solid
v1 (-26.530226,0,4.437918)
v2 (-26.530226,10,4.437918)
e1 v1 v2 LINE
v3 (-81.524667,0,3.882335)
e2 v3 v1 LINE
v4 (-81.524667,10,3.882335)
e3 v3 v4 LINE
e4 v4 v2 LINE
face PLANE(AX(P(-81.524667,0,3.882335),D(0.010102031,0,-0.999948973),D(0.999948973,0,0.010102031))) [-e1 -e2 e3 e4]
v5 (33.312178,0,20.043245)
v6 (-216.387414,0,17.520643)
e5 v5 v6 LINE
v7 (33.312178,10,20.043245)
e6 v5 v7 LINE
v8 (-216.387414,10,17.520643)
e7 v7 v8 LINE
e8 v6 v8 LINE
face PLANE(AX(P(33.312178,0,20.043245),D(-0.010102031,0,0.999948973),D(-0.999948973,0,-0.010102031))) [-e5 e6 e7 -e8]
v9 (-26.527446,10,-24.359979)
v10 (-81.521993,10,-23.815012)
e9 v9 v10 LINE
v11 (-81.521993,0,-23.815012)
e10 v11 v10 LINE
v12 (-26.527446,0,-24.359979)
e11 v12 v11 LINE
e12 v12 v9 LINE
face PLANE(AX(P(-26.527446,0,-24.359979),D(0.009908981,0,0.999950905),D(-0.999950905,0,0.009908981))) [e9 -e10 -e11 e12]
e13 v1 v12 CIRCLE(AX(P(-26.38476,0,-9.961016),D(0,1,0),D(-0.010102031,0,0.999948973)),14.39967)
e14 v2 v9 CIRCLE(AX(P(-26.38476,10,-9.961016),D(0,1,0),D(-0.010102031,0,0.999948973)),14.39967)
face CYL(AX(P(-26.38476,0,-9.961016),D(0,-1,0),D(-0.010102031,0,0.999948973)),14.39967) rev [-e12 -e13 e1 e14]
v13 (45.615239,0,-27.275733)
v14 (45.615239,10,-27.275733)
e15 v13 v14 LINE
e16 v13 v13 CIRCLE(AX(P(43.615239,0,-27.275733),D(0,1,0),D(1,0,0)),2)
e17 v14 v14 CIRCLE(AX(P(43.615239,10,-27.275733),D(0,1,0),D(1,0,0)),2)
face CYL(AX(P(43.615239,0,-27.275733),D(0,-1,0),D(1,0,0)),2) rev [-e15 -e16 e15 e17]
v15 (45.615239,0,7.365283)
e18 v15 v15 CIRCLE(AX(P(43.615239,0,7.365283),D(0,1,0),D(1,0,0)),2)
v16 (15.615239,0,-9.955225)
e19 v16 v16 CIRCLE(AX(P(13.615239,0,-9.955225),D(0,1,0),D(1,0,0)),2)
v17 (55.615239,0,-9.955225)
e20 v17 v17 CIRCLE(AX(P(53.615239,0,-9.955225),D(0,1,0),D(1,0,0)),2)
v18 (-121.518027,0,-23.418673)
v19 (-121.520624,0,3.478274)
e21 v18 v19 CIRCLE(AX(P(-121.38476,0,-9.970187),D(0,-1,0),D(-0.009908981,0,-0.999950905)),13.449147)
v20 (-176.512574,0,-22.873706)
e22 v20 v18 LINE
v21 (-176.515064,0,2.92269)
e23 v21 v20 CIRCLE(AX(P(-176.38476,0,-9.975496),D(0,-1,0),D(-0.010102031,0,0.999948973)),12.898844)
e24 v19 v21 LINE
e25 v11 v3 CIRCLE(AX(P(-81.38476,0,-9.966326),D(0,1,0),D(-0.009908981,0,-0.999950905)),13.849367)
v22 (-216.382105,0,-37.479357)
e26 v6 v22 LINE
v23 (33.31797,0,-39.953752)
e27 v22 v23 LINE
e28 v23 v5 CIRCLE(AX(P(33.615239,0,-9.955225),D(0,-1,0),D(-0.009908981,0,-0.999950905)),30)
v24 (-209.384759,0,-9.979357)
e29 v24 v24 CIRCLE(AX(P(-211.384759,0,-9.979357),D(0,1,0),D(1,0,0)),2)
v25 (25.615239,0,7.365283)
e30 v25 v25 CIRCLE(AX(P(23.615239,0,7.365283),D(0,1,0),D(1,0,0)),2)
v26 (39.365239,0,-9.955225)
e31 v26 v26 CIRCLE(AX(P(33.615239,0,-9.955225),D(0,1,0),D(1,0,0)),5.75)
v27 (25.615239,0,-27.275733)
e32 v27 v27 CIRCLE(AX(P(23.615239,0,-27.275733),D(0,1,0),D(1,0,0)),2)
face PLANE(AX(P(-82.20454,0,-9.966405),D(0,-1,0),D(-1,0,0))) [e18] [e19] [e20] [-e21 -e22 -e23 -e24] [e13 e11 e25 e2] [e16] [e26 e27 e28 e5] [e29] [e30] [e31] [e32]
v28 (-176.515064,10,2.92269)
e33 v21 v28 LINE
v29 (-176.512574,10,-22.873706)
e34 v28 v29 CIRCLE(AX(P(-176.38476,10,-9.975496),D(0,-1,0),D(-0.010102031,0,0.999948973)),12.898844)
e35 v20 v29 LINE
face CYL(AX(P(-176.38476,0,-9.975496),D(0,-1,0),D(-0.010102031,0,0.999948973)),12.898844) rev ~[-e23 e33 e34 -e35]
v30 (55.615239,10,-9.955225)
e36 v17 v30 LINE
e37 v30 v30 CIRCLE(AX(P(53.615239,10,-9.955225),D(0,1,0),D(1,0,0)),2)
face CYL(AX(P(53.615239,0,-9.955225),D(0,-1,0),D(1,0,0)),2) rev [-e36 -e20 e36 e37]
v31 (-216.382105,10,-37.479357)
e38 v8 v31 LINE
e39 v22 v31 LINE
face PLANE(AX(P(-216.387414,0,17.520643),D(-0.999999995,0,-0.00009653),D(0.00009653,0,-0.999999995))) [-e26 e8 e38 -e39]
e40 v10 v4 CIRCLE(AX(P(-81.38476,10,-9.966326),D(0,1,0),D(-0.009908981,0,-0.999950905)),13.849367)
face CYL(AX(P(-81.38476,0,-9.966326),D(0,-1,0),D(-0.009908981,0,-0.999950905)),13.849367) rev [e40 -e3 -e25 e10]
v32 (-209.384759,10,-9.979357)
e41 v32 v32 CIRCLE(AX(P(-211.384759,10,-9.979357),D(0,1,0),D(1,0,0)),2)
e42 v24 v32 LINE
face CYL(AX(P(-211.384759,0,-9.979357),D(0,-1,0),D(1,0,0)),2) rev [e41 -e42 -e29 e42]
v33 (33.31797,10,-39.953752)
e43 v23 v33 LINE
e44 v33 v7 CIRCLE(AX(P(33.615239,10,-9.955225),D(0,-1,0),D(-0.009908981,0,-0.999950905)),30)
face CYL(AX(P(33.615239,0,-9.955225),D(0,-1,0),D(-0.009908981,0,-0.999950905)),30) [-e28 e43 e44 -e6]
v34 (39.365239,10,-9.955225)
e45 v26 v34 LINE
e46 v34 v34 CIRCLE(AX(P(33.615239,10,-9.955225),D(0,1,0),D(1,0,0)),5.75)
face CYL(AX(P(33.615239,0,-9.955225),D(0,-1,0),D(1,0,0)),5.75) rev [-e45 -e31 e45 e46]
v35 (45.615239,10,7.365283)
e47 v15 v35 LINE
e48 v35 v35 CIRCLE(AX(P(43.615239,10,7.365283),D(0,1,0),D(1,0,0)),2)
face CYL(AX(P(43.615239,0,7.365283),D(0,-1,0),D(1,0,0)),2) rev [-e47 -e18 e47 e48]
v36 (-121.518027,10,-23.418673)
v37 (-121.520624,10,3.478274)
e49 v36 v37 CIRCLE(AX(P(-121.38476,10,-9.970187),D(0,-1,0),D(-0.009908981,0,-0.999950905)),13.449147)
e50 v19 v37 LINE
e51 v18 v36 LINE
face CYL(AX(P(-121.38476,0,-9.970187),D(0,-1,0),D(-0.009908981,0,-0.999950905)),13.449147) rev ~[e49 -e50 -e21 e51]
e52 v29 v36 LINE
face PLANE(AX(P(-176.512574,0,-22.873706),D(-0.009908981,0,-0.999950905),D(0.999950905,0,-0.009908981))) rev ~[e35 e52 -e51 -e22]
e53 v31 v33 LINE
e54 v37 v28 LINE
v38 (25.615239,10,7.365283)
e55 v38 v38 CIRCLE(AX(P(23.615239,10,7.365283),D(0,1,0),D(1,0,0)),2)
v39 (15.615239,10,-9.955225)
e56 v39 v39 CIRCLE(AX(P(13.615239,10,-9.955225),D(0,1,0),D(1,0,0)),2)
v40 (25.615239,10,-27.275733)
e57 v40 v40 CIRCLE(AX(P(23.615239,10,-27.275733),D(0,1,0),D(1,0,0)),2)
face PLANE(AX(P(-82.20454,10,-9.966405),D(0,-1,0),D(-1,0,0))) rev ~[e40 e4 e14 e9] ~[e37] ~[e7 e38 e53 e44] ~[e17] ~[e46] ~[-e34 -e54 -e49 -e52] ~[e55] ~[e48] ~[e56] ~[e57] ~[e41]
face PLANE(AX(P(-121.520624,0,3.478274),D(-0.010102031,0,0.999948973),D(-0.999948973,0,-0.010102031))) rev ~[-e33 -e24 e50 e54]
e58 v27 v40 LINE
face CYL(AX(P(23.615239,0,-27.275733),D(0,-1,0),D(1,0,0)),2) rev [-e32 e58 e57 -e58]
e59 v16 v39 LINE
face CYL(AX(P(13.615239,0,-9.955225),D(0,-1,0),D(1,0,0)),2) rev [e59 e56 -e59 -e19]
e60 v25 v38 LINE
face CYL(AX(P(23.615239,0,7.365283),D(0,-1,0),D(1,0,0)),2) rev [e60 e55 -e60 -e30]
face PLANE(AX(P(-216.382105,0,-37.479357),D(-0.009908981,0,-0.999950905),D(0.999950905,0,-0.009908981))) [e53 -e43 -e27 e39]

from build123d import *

# Parameters (mm, degrees)
SKETCH1_R           = 5.75
SKETCH1_R_2         = 2
BOSS_EXTRUDE1_DEPTH = 10


with BuildPart() as part:
    # Sketch1 → Boss-Extrude1 (new body)
    with BuildSketch(Plane(origin=(0, 0, 0), x_dir=(1, 0, 0), z_dir=(0, 1, 0))):
        with BuildLine():
            Line((-216.382104852, 37.479356926), (33.317969978, 39.953751753))
            ThreePointArc((33.317969978, 39.953751753), (63.615239274, 9.952328714), (33.312178481, -20.043244588))
            Line((33.312178481, -20.043244588), (-216.38741399, -17.520642817))
            Line((-216.38741399, -17.520642817), (-216.382104852, 37.479356926))
        make_face()
        with Locations((33.615239414, 9.955224607)):
            Circle(SKETCH1_R, mode=Mode.SUBTRACT)
        with Locations((53.615239414, 9.955224607)):
            Circle(SKETCH1_R_2, mode=Mode.SUBTRACT)
        with Locations((43.615239414, -7.365283468)):
            Circle(SKETCH1_R_2, mode=Mode.SUBTRACT)
        with Locations((23.615239414, -7.365283468)):
            Circle(SKETCH1_R_2, mode=Mode.SUBTRACT)
        with Locations((13.615239414, 9.955224607)):
            Circle(SKETCH1_R_2, mode=Mode.SUBTRACT)
        with Locations((23.615239414, 27.275732683)):
            Circle(SKETCH1_R_2, mode=Mode.SUBTRACT)
        with Locations((43.615239414, 27.275732683)):
            Circle(SKETCH1_R_2, mode=Mode.SUBTRACT)
        with Locations((-211.384759398, 9.979356926)):
            Circle(SKETCH1_R_2, mode=Mode.SUBTRACT)
        with BuildLine():
            Line((-176.512574007, 22.873706291), (-121.518027204, 23.418672976))
            ThreePointArc((-121.518027204, 23.418672976), (-107.935613387, 9.968888481), (-121.52062356, -3.478273548))
            Line((-121.52062356, -3.478273548), (-176.515064128, -2.922689649))
            ThreePointArc((-176.515064128, -2.922689649), (-189.283603246, 9.976740986), (-176.512574007, 22.873706291))
        make_face(mode=Mode.SUBTRACT)
        with BuildLine():
            Line((-81.524666784, -3.882334565), (-26.530226217, -4.437918464))
            ThreePointArc((-26.530226217, -4.437918464), (-11.985090745, 9.959626398), (-26.527446362, 24.359979069))
            Line((-26.527446362, 24.359979069), (-81.521993165, 23.815012384))
            ThreePointArc((-81.521993165, 23.815012384), (-95.234126773, 9.967662409), (-81.524666784, -3.882334565))
        make_face(mode=Mode.SUBTRACT)
    extrude(amount=BOSS_EXTRUDE1_DEPTH)


solid = part.part
